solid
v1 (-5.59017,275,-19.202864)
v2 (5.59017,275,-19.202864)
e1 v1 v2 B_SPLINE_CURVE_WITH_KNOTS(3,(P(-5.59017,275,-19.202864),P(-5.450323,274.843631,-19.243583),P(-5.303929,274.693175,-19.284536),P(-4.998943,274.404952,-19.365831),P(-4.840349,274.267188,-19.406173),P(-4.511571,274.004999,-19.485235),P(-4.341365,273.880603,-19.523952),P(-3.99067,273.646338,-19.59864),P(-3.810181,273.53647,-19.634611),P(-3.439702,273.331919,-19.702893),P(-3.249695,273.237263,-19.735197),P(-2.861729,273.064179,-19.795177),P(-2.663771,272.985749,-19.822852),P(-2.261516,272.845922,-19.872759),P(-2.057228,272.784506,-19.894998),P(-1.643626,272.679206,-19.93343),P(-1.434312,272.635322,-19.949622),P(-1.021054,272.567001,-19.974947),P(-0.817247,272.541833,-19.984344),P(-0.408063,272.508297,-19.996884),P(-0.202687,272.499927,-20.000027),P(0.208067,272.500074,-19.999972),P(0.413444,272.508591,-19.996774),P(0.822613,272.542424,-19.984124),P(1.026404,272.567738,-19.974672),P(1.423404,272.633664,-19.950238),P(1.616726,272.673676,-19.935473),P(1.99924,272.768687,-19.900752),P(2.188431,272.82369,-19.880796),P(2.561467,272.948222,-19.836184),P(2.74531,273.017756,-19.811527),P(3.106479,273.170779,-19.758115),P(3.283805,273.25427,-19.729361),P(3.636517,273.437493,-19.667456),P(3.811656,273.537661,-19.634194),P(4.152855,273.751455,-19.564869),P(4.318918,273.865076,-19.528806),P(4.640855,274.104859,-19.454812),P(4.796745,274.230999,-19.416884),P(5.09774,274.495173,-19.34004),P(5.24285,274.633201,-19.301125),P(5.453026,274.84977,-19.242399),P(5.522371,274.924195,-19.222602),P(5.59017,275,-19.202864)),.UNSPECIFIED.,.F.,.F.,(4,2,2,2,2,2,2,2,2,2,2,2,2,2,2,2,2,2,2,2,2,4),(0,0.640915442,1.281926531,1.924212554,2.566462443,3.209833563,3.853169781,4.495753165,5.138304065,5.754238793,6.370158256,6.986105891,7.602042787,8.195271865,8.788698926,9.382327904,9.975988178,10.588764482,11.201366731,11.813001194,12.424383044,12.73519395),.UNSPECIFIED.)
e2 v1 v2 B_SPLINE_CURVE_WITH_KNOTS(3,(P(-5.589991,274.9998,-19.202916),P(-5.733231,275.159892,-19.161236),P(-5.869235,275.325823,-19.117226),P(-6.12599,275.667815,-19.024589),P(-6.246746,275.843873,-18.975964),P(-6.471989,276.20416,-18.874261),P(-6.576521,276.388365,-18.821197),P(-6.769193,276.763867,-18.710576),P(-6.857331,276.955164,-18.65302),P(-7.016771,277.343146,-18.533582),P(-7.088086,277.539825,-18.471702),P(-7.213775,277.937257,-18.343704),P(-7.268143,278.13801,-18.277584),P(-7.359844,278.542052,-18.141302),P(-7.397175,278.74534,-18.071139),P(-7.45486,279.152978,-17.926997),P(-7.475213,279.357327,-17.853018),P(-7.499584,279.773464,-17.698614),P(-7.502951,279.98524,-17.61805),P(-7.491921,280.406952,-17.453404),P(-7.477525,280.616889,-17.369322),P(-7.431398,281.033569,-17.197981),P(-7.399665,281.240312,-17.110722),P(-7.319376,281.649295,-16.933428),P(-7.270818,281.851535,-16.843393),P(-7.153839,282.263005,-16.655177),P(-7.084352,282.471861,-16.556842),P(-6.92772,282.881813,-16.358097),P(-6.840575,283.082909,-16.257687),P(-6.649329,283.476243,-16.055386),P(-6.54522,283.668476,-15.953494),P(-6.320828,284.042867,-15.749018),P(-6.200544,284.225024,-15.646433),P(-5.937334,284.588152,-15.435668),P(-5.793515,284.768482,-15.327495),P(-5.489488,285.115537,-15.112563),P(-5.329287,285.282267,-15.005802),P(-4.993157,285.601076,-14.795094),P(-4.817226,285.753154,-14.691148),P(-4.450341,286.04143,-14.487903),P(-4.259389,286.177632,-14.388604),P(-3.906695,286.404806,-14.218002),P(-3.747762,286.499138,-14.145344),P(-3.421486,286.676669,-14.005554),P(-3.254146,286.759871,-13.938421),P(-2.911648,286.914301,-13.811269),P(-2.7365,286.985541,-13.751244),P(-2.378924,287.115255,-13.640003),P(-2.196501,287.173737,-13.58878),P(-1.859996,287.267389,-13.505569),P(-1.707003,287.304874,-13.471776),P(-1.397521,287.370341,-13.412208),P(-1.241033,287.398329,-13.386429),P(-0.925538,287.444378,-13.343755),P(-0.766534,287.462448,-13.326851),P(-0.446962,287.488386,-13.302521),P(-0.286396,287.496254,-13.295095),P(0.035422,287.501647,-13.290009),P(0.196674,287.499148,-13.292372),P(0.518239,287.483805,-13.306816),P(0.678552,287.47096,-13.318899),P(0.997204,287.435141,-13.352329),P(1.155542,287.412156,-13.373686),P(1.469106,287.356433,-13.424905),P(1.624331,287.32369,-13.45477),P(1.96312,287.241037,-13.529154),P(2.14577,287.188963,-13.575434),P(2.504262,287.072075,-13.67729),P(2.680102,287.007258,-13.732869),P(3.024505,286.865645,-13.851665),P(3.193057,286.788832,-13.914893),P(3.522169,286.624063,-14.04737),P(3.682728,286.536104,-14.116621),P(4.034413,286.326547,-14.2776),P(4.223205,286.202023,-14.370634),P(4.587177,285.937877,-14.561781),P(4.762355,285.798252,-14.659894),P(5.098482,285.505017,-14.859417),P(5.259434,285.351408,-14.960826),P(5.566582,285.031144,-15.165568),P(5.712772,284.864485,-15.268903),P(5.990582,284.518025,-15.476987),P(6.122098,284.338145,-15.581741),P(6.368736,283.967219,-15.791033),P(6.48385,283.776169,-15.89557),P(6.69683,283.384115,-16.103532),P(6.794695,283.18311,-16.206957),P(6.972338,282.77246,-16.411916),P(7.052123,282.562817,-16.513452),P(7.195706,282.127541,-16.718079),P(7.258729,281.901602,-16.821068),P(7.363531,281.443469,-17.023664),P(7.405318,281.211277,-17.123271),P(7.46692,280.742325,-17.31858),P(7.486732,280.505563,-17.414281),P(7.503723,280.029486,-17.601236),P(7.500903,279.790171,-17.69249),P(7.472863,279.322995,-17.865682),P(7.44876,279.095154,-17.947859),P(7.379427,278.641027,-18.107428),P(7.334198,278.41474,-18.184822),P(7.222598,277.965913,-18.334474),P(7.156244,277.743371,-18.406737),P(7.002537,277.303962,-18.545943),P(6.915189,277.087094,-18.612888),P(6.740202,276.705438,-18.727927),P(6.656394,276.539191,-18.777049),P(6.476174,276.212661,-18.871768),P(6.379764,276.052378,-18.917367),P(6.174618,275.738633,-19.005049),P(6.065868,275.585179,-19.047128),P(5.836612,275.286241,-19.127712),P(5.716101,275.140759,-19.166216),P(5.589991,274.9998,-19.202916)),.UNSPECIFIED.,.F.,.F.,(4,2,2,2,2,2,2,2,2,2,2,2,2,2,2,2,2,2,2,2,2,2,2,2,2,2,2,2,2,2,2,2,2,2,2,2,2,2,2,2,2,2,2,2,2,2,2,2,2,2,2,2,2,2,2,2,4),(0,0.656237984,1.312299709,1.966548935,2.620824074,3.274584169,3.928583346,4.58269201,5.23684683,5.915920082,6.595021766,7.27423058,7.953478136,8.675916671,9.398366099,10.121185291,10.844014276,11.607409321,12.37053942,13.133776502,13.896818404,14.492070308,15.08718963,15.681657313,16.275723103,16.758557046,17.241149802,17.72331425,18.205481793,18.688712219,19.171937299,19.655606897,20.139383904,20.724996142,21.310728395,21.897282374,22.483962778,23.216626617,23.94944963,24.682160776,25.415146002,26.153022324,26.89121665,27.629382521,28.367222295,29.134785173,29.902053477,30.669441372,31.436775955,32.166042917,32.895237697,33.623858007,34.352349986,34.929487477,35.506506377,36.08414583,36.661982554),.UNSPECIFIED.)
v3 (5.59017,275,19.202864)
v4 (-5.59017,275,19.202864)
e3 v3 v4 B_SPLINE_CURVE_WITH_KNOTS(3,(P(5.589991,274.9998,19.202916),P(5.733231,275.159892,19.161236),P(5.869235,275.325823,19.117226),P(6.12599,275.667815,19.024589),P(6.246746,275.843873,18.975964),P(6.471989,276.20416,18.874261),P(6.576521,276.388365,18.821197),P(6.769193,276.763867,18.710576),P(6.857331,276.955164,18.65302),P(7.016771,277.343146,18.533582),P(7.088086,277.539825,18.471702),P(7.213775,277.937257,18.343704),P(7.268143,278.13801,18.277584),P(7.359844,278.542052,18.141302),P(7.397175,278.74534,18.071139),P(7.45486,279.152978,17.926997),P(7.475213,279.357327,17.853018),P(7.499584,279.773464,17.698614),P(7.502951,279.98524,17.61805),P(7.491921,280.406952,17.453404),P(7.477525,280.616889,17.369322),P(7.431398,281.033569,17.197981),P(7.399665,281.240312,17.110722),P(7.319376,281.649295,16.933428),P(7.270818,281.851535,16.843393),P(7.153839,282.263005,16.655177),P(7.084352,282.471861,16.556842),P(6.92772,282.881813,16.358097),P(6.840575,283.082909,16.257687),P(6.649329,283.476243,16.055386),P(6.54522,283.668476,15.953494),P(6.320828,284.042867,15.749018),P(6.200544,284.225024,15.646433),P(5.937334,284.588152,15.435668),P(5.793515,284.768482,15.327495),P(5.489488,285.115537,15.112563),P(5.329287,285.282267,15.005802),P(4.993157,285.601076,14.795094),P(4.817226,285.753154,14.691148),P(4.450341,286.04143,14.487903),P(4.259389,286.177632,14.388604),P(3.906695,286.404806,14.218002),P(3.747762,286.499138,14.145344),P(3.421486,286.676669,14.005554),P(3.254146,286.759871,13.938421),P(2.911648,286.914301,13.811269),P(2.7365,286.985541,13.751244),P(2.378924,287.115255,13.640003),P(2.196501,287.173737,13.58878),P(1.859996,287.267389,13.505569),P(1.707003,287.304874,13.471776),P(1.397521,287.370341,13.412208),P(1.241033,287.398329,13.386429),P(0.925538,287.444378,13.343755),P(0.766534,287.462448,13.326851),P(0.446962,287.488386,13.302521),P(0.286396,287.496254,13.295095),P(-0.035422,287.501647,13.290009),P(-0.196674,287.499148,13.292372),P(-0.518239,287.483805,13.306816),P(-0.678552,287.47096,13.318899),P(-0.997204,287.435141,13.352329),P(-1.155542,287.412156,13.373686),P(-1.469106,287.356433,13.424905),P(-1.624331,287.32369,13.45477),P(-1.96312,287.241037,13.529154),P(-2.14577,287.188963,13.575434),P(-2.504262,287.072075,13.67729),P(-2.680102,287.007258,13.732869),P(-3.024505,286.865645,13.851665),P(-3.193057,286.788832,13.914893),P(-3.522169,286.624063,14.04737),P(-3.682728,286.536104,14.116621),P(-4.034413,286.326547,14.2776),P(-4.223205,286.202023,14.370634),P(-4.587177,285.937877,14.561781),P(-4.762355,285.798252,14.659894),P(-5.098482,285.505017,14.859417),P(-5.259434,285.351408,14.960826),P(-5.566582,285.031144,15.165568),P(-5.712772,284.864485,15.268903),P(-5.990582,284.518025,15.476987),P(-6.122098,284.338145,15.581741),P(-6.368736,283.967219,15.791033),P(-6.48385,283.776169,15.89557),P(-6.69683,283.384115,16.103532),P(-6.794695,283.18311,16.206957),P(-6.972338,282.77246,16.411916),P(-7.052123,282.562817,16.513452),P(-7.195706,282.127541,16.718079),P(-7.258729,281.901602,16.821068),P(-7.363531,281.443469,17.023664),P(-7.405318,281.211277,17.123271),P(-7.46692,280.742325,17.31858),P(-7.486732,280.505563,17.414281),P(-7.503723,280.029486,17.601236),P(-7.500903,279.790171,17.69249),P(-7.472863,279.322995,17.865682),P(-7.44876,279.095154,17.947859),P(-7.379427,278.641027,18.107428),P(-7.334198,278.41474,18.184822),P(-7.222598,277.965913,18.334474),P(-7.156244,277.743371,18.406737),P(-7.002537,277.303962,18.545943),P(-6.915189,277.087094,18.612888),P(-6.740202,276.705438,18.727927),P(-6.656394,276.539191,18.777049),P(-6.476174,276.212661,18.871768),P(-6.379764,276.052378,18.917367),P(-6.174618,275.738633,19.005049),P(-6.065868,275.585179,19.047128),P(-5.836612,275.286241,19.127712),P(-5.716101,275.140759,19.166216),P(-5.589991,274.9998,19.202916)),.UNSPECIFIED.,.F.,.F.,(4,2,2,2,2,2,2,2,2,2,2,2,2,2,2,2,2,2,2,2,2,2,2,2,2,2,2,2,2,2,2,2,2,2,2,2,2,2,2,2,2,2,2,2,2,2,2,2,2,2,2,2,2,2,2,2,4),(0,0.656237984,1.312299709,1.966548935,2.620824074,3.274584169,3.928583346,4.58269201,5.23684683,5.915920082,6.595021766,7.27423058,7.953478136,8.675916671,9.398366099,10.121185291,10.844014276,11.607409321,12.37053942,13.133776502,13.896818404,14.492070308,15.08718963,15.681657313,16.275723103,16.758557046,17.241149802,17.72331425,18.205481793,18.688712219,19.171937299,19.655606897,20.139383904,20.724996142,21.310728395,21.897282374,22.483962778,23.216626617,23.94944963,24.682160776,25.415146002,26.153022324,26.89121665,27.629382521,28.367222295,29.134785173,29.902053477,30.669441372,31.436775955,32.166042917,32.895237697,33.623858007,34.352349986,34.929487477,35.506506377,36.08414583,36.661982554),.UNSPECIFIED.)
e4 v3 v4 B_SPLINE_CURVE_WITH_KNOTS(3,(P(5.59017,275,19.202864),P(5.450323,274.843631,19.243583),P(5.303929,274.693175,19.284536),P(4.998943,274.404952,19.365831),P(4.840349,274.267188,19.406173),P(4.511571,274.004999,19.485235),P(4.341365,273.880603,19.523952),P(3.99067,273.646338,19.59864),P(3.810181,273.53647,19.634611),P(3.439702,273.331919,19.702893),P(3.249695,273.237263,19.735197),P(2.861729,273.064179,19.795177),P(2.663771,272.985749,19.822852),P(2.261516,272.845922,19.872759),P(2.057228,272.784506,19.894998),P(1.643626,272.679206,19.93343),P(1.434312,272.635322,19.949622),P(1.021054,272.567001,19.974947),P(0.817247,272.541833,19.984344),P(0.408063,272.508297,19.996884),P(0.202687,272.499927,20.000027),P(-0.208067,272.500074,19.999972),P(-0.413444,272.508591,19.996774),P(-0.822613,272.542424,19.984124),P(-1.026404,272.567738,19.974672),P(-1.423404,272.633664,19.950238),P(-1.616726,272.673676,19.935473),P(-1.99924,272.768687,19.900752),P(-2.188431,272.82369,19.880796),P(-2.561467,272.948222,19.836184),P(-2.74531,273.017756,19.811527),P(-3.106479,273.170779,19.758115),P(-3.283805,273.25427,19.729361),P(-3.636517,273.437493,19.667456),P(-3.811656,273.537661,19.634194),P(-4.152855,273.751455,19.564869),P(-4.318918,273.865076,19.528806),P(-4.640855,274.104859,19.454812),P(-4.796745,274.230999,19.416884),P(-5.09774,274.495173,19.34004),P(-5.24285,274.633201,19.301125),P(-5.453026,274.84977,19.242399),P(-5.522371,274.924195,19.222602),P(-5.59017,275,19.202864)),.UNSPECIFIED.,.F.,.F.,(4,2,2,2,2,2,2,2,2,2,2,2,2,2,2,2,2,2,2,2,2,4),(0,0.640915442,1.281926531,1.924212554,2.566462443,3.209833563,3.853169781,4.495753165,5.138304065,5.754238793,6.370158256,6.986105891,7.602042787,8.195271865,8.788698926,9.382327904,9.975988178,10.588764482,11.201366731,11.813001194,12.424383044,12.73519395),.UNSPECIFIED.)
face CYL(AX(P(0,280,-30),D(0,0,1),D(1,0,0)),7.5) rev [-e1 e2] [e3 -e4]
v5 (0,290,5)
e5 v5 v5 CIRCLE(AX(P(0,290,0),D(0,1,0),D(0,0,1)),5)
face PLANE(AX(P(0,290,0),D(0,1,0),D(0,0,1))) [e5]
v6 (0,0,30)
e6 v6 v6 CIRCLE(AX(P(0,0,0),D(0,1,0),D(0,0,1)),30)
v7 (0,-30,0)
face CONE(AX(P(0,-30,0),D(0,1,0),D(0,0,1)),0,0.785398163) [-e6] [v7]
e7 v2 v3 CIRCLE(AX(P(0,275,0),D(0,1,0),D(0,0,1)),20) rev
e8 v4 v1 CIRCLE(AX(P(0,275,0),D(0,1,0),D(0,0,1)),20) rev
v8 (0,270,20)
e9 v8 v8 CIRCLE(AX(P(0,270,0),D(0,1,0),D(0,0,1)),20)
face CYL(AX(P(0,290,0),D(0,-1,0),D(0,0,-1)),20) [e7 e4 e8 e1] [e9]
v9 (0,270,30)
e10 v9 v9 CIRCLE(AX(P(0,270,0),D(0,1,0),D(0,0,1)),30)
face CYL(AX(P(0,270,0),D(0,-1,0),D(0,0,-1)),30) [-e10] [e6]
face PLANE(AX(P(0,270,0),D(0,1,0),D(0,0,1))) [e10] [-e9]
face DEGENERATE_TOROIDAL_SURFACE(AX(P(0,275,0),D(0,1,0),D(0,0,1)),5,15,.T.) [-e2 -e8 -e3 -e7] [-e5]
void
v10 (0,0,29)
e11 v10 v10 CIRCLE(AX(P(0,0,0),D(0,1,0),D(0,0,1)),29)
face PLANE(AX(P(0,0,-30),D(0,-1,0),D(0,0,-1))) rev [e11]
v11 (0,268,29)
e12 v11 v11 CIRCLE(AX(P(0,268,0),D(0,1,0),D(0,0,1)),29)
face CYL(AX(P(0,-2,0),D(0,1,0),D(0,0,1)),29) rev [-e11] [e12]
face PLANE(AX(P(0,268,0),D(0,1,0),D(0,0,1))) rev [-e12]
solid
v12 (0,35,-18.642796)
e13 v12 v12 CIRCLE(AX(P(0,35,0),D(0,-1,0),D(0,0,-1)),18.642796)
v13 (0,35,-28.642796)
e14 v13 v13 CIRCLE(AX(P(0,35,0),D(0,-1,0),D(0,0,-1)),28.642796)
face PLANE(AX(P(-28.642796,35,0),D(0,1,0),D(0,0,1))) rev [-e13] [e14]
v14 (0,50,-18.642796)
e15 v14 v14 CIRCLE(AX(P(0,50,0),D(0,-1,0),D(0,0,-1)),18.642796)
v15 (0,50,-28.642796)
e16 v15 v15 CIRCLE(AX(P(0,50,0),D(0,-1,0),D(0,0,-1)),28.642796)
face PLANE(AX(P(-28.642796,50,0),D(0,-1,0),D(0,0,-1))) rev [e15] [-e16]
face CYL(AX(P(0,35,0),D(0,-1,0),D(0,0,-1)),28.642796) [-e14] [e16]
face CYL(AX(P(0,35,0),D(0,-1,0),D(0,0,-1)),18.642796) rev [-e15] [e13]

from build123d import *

# Parameters (mm, degrees)
SKETCH1_R               = 30
BOSS_EXTRUDE1_DEPTH     = 270
CUT_EXTRUDE1_START      = -2
SKETCH2_R               = 29
CUT_EXTRUDE1_DEPTH      = 270
SKETCH5_W               = 10
SKETCH5_H               = 15
SKETCH8_R               = 20
BOSS_EXTRUDE2_DEPTH     = 20
FILLET1_R               = 15
CUT_EXTRUDE2_DEPTH      = 294.087017795
CUT_EXTRUDE2_DEPTH_BACK = 294.087017795
SKETCH10_R              = 7.5


with BuildPart() as part:
    # Sketch1 → Boss-Extrude1 (new body)
    with BuildSketch(Plane(origin=(0, 0, 0), x_dir=(1, 0, 0), z_dir=(0, 1, 0))):
        with Locations(Location((0, 0, 0), (0, 0, 270))):
            Circle(SKETCH1_R)
    extrude(amount=BOSS_EXTRUDE1_DEPTH)

    # Sketch2 → Cut-Extrude1 (cut)
    with BuildSketch(Plane(origin=(0, 270, 0), x_dir=(1, 0, 0), z_dir=(0, 1, 0)).offset(CUT_EXTRUDE1_START)):
        with Locations(Location((0, 0, 0), (0, 0, 270))):
            Circle(SKETCH2_R)
    extrude(amount=-CUT_EXTRUDE1_DEPTH, mode=Mode.SUBTRACT)

    # Sketch3 → Revolve1 (revolve)
    with BuildSketch(Plane(origin=(0, 0, 0), x_dir=(0, 0, -1), z_dir=(1, 0, 0)), mode=Mode.PRIVATE) as revolve1_sk:
        Polygon((0, 0), (0, -30), (30, 0), align=None)
    revolve(revolve1_sk.sketch.rotate(Axis((0, 0, 0), (0, -1, 0)), 180), axis=Axis((0, 0, 0), (0, -1, 0)))

    # Sketch8 → Boss-Extrude2 (add)
    with BuildSketch(Plane(origin=(0, 270, 0), x_dir=(1, 0, 0), z_dir=(0, 1, 0))):
        with Locations(Location((0, 0, 0), (0, 0, 270))):
            Circle(SKETCH8_R)
    extrude(amount=BOSS_EXTRUDE2_DEPTH)

    # Fillet1
    fillet1_edges = [part.edges().sort_by_distance(p)[0] for p in [
        (0, 290, -20),
    ]]
    fillet(fillet1_edges, radius=FILLET1_R)

    # Sketch10 → Cut-Extrude2 (cut, two sides: drawn at the far end of the back side and taken through both)
    with BuildSketch(Plane.XY.offset(-CUT_EXTRUDE2_DEPTH_BACK)):
        with Locations(Location((0, 280, 0), (0, 0, 318.189685104))):
            Circle(SKETCH10_R)
    extrude(amount=CUT_EXTRUDE2_DEPTH + CUT_EXTRUDE2_DEPTH_BACK, mode=Mode.SUBTRACT)


with BuildPart() as body_2:
    # Sketch5 → Revolve2 (revolve)
    with BuildSketch(Plane.XY, mode=Mode.PRIVATE) as revolve2_sk:
        with Locations((-23.642796434, 42.5)):
            Rectangle(SKETCH5_W, SKETCH5_H)
    revolve(revolve2_sk.sketch.rotate(Axis((0, 35, 0), (0, 1, 0)), 270), axis=Axis((0, 35, 0), (0, 1, 0)))


solid = Compound([part.part, body_2.part])
